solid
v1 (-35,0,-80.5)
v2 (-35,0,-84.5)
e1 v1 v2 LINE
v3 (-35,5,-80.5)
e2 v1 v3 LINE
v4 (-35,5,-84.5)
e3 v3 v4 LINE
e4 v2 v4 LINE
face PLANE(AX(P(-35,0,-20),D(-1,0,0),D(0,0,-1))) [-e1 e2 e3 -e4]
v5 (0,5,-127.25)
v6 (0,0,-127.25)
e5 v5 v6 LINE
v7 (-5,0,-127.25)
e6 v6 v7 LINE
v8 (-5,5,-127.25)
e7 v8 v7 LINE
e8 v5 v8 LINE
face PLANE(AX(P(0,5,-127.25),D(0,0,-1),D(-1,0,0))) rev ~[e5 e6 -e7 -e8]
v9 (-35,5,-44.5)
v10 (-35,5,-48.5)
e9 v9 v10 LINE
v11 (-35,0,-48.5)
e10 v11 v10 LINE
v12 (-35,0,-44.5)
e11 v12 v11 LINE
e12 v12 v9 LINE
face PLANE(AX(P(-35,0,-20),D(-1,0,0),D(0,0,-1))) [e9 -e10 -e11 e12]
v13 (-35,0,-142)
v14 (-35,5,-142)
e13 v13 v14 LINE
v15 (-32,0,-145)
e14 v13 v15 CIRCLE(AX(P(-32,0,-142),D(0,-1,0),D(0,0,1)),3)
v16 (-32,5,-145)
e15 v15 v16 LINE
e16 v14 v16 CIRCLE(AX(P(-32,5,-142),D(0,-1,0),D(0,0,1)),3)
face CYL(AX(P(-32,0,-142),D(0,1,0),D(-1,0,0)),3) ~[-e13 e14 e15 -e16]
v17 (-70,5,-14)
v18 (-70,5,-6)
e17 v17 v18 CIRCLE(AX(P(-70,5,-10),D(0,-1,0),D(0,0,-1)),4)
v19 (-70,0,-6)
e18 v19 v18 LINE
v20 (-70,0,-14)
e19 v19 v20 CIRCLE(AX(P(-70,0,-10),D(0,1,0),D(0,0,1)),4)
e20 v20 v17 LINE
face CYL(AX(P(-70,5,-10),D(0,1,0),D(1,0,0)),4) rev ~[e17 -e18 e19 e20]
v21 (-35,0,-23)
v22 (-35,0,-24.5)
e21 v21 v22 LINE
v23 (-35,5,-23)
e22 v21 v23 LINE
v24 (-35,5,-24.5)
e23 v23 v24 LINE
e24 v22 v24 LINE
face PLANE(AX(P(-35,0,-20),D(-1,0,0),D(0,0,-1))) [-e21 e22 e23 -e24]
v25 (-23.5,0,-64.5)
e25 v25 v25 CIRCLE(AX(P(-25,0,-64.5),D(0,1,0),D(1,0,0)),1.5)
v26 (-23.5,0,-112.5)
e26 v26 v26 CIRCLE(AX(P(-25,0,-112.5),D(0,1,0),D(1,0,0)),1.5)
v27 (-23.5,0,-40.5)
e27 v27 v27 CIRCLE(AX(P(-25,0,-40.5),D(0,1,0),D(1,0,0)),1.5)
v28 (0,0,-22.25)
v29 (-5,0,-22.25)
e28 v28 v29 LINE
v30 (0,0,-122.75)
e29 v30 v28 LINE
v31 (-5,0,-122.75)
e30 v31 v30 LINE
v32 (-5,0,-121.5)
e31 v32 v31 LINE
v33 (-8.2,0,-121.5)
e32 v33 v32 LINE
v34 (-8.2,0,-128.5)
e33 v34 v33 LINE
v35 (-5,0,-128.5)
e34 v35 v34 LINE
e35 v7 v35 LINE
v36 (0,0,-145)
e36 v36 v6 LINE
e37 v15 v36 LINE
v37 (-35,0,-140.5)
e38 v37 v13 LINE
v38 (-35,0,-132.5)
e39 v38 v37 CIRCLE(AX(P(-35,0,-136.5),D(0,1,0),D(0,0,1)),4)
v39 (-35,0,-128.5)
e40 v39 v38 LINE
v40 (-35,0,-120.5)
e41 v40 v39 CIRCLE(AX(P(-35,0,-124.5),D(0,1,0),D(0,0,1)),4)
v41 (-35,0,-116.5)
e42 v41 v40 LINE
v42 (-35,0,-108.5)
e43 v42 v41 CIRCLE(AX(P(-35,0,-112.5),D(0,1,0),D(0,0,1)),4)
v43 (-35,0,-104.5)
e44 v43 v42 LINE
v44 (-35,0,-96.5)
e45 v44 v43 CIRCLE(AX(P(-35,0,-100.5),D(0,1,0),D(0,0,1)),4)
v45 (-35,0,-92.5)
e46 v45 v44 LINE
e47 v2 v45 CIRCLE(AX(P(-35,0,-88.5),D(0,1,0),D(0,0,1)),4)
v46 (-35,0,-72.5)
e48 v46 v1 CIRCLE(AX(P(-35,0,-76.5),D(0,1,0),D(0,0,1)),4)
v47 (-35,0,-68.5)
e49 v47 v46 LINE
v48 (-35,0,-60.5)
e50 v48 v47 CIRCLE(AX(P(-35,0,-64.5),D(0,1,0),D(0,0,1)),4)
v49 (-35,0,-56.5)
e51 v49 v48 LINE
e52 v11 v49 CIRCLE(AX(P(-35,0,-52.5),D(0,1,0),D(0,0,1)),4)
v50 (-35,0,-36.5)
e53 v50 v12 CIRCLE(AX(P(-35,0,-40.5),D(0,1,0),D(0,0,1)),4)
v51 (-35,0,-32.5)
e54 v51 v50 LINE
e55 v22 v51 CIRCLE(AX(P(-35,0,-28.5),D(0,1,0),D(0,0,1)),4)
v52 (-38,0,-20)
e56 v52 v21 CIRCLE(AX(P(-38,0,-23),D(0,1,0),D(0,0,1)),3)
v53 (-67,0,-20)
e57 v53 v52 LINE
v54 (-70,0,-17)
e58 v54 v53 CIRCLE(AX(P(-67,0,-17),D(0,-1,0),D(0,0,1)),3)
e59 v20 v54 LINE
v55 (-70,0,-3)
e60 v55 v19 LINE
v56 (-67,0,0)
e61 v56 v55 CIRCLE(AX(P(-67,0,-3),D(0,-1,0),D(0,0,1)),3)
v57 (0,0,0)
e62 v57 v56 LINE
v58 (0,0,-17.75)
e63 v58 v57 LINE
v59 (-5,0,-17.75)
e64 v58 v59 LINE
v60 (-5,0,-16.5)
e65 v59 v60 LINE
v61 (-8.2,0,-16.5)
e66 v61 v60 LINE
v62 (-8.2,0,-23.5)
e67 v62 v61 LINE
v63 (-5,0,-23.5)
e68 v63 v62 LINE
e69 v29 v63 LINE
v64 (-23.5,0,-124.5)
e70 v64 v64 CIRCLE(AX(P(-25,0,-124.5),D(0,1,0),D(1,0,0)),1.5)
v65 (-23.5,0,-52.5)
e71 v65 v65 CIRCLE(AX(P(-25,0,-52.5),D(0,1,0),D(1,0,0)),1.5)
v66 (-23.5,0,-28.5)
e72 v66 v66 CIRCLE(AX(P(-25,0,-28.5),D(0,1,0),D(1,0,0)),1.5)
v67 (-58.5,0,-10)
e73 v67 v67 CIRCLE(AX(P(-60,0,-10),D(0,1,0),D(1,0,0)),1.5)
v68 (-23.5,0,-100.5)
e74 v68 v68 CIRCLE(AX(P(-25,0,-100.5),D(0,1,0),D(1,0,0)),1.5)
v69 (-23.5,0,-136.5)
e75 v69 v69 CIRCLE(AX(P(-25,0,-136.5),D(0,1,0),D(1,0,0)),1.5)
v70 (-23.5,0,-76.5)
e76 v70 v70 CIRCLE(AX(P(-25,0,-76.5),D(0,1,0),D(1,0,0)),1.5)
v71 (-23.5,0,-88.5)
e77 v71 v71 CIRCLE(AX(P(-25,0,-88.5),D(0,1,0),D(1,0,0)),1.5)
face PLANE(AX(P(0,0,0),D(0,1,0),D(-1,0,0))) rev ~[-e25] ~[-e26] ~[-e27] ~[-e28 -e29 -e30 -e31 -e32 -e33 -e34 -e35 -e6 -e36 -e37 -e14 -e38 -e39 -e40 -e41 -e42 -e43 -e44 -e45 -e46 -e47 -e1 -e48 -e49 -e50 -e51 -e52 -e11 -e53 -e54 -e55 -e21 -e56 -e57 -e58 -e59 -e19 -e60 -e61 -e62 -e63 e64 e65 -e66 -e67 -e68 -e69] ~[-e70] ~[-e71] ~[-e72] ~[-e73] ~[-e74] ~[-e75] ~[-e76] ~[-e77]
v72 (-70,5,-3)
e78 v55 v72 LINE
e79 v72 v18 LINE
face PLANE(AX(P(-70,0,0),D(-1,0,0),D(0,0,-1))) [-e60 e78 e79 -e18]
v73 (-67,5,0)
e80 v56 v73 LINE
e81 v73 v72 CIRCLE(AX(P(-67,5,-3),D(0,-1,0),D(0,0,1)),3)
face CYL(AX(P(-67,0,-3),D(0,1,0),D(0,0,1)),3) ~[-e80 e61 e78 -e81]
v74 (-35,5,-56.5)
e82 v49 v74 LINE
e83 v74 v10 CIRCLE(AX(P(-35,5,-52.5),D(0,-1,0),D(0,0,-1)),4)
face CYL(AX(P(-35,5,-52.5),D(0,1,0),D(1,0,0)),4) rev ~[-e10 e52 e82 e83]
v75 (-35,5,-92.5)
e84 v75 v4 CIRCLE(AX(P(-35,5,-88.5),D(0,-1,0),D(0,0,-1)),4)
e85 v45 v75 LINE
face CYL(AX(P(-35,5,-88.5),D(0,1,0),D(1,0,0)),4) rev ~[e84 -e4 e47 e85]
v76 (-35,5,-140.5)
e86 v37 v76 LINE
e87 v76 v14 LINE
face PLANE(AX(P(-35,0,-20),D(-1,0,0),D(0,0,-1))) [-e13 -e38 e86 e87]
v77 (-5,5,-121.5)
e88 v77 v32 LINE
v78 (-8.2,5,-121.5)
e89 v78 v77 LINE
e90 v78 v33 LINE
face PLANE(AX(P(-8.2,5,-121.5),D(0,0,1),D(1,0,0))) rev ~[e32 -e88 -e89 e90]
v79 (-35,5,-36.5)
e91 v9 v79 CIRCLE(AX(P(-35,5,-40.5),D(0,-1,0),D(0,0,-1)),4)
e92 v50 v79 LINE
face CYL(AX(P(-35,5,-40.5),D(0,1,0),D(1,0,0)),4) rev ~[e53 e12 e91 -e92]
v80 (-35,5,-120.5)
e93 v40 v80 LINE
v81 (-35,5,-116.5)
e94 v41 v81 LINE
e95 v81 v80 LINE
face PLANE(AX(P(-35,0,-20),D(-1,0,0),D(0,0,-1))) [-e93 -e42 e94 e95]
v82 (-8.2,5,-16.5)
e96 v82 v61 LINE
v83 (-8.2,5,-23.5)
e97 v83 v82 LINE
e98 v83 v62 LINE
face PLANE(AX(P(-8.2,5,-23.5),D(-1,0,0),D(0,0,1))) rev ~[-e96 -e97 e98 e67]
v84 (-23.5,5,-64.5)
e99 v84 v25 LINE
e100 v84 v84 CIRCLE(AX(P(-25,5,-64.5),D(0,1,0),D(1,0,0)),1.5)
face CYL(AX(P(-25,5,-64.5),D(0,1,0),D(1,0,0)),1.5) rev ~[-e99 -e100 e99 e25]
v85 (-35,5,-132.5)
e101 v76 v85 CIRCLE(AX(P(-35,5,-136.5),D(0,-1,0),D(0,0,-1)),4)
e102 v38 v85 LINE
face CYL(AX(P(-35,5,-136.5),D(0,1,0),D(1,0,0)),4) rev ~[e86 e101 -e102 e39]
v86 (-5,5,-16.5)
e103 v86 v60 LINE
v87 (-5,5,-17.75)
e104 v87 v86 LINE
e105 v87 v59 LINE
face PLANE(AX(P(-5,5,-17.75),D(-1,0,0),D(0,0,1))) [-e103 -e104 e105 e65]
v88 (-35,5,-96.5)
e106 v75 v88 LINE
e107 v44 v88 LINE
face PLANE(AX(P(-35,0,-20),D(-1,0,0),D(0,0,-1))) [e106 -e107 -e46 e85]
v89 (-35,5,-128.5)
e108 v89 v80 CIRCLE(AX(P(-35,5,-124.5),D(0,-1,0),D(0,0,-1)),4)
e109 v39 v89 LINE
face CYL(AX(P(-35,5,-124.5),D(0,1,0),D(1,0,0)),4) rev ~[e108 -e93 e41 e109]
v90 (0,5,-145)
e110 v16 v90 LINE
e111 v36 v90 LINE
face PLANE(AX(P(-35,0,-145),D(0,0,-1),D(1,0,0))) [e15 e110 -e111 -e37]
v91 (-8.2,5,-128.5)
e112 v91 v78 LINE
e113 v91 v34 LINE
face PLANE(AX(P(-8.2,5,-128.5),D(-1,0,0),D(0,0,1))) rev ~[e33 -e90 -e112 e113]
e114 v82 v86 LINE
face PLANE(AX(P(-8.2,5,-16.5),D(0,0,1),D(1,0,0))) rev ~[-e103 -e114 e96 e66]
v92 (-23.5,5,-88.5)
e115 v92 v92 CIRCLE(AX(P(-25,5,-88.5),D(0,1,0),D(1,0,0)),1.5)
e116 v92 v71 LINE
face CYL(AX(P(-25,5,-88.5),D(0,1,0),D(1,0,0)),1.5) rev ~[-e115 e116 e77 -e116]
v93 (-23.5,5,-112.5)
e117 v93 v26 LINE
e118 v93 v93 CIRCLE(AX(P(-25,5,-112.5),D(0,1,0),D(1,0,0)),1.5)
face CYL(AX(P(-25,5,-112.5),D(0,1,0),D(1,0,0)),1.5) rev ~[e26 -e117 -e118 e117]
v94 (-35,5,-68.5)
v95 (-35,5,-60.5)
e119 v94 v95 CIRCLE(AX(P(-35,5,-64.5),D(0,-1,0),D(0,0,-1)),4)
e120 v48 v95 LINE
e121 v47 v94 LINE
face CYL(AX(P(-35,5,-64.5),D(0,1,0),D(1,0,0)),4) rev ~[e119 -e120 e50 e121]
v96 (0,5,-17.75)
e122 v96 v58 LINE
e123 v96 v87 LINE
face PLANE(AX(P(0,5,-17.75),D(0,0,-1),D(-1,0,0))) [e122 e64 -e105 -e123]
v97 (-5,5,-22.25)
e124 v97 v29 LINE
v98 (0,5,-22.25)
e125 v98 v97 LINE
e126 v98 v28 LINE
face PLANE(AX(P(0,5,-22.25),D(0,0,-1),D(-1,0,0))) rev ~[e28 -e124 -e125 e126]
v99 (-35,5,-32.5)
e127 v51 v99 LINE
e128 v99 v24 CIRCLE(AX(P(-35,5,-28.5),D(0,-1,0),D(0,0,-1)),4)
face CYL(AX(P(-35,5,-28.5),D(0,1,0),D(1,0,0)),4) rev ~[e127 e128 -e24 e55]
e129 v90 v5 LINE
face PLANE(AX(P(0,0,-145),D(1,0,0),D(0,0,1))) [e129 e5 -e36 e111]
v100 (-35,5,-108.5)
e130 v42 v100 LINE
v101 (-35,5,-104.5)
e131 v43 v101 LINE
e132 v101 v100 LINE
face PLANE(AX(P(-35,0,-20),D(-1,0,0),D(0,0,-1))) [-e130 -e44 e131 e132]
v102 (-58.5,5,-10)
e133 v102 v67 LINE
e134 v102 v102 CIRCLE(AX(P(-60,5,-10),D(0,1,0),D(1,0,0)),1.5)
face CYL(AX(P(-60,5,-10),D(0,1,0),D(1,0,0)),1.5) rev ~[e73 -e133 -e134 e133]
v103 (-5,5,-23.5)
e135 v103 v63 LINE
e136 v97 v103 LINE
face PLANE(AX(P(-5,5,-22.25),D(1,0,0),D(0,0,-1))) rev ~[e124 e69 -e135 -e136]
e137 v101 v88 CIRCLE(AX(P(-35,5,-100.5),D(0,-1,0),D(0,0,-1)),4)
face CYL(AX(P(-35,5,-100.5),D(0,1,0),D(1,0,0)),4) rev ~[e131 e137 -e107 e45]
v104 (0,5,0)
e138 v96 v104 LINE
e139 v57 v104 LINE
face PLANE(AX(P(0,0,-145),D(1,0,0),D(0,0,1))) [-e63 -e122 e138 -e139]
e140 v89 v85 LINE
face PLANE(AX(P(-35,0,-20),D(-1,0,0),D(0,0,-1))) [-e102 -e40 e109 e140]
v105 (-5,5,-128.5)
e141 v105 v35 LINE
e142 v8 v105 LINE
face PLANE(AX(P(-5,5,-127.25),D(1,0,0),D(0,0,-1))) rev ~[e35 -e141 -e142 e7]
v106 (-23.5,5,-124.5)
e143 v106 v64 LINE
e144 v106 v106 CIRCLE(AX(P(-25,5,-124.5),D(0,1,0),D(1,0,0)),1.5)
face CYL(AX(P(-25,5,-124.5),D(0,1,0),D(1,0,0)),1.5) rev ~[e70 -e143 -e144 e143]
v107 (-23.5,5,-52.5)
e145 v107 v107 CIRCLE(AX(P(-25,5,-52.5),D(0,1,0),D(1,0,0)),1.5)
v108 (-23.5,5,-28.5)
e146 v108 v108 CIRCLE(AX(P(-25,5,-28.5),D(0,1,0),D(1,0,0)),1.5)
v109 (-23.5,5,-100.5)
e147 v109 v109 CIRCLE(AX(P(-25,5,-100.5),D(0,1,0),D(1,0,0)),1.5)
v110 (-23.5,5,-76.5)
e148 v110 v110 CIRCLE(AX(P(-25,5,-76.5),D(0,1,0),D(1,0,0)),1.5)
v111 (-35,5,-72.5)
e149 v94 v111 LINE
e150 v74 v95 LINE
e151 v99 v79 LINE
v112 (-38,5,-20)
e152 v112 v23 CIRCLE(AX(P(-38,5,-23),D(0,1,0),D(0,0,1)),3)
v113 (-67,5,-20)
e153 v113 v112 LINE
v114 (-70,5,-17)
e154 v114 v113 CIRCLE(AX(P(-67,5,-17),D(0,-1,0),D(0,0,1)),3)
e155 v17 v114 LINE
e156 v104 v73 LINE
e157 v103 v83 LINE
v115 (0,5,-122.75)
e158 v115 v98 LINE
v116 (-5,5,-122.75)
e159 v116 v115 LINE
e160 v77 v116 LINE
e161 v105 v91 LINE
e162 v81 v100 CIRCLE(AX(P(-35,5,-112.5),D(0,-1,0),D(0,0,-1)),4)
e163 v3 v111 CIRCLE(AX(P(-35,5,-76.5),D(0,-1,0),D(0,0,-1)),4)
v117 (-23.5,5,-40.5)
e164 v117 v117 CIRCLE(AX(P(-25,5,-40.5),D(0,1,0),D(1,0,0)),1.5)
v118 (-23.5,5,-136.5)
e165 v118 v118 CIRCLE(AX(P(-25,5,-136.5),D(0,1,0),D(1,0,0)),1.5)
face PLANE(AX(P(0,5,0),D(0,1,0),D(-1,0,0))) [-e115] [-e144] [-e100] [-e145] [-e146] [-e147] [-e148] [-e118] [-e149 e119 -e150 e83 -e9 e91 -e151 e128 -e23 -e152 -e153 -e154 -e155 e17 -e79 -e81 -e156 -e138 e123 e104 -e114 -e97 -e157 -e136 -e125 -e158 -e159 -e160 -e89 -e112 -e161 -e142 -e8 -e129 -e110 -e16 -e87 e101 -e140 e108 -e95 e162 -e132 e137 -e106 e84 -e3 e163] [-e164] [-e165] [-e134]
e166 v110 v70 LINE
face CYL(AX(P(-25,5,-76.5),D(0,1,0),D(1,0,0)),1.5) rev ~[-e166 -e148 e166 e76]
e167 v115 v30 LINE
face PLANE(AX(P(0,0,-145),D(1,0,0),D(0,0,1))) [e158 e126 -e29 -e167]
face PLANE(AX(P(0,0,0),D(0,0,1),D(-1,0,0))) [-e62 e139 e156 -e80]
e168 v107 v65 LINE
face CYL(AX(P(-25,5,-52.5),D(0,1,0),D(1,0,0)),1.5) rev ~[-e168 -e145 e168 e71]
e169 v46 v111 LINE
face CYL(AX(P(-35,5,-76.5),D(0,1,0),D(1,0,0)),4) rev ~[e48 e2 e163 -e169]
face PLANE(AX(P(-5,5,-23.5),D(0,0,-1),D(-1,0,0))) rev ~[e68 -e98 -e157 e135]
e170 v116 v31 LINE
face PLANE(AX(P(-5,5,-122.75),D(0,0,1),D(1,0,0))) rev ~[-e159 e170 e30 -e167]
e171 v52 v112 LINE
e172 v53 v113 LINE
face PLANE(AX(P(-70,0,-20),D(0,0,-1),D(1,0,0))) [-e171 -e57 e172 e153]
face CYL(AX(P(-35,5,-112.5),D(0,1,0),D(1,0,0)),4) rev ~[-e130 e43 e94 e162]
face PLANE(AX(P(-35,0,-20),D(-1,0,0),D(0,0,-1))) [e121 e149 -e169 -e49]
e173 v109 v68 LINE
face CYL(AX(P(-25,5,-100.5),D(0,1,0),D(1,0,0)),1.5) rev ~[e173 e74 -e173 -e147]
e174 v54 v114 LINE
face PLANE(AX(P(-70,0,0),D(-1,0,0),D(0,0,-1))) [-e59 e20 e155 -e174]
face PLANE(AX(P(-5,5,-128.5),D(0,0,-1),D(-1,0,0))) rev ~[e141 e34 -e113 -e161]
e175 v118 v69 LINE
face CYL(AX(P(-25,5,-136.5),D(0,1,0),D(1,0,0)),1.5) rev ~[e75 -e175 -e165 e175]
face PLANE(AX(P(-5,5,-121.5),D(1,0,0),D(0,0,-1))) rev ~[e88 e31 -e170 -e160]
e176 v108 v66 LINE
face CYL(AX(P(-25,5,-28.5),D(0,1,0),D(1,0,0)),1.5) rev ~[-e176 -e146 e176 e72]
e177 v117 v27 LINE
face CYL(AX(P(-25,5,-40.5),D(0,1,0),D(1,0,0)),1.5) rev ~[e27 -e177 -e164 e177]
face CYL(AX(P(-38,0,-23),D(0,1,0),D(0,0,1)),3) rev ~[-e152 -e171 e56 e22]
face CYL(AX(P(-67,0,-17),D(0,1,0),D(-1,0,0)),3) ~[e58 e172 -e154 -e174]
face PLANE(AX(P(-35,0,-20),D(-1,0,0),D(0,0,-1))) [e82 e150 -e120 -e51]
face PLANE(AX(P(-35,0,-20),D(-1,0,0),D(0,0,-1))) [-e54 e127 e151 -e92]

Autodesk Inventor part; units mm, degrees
ref_plane "YZ Plane" through (0, 0, 0) normal (1, 0, 0) x (0, 1, 0)
ref_plane "XZ Plane" through (0, 0, 0) normal (0, 1, 0) x (-1, 0, 0)
ref_plane "XY Plane" through (0, 0, 0) normal (0, 0, 1) x (1, 0, 0)
sketch "Sketch1" plane through (0, 0, 0) normal (0, 1, 0) x (-1, 0, 0)
  line L0 (0, 0) -> (70, 0)
  line L1 (70, 0) -> (70, -20)
  line L2 (70, -20) -> (35, -20)
  line L3 (35, -20) -> (35, -145)
  line L4 (35, -145) -> (0, -145)
  line L5 (0, -145) -> (0, 0)
  dimension "d0" = 35
  dimension "d1" = 145
  dimension "d2" = 70
  dimension "d3" = 20
extrude "Extrusion1" add sketch "Sketch1" along normal blind 5
sketch "Sketch2" plane through (0, 5, 0) normal (0, 1, 0) x (1, 0, 0)
  line L0 (-70, 20) -> (-70, 0) projected
  circle A0 centre (-70, 10) radius 4
  line L1 (-35, 145) -> (-35, 20) projected
  circle A1 centre (-35, 64.5) radius 4
  circle A2 centre (-35, 76.5) radius 4
  circle A3 centre (-35, 88.5) radius 4
  circle A4 centre (-35, 100.5) radius 4
  circle A5 centre (-35, 112.5) radius 4
  circle A6 centre (-35, 124.5) radius 4
  circle A7 centre (-35, 136.5) radius 4
  circle A8 centre (-35, 52.5) radius 4
  circle A9 centre (-35, 40.5) radius 4
  circle A10 centre (-35, 28.5) radius 4
  line L2 (0, 17.75) -> (0, 22.25)
  line L3 (0, 22.25) -> (-5, 22.25)
  line L4 (-5, 22.25) -> (-5, 23.5)
  line L5 (-5, 23.5) -> (-8.2, 23.5)
  line L6 (-8.2, 23.5) -> (-8.2, 16.5)
  line L7 (-8.2, 16.5) -> (-5, 16.5)
  line L8 (0, 17.75) -> (-5, 17.75)
  line L9 (-5, 17.75) -> (-5, 16.5)
  line L10 (0, 0) -> (0, 145) projected
  line L11 (0, 127.25) -> (-5, 127.25)
  line L12 (-5, 127.25) -> (-5, 128.5)
  line L13 (-5, 128.5) -> (-8.2, 128.5)
  line L14 (-8.2, 128.5) -> (-8.2, 121.5)
  line L15 (-8.2, 121.5) -> (-5, 121.5)
  line L16 (-5, 121.5) -> (-5, 122.75)
  line L17 (-5, 122.75) -> (0, 122.75)
  line L18 (0, 122.75) -> (0, 127.25)
  line L19 (-25, 28.5) -> (-25, 136.5) construction
  circle A11 centre (-25, 28.5) radius 1.5
  circle A12 centre (-25, 40.5) radius 1.5
  circle A13 centre (-25, 52.5) radius 1.5
  circle A14 centre (-25, 64.5) radius 1.5
  circle A15 centre (-25, 76.5) radius 1.5
  circle A16 centre (-25, 88.5) radius 1.5
  circle A17 centre (-25, 100.5) radius 1.5
  circle A18 centre (-25, 112.5) radius 1.5
  circle A19 centre (-25, 124.5) radius 1.5
  circle A20 centre (-25, 136.5) radius 1.5
  circle A21 centre (-60, 10) radius 1.5
  point P0 (-8.2, 125)
  point P1 (0, 125)
  point P2 (-8.2, 20)
  point P3 (0, 20)
  dimension "d6" = 8
  dimension "d7" = 8
  dimension "d8" = 8
  dimension "d9" = 8
  dimension "d11" = 8
  dimension "d12" = 8
  dimension "d13" = 8
  dimension "d14" = 8
  dimension "d15" = 8.5
  dimension "d16" = 12
  dimension "d17" = 12
  dimension "d18" = 12
  dimension "d19" = 12
  dimension "d20" = 12
  dimension "d21" = 12
  dimension "d22" = 8
  dimension "d23" = 8
  dimension "d24" = 12
  dimension "d25" = 12
  dimension "d26" = 12
  dimension "d27" = 8
  dimension "d28" = 7
  dimension "d29" = 3.2
  dimension "d30" = 4.5
  dimension "d31" = 5
  dimension "d32" = 3.2
  dimension "d33" = 5
  dimension "d34" = 7
  dimension "d35" = 4.5
  dimension "d36" = 20
  dimension "d37" = 20
  dimension "d38" = 3
  dimension "d39" = 3
  dimension "d40" = 3
  dimension "d41" = 3
  dimension "d42" = 3
  dimension "d43" = 3
  dimension "d44" = 3
  dimension "d45" = 3
  dimension "d46" = 3
  dimension "d47" = 3
  dimension "d48" = 10
  dimension "d52" = 3
  dimension "d53" = 10
extrude "Extrusion2" cut sketch "Sketch2" against normal blind 5
fillet "Fillet1" radius 3 4 edges at (-35, 2.5, -145) (-35, 2.5, -20) (-70, 2.5, -20) (-70, 2.5, 0)
properties part number "primary_holder" material "Polycarbonate, Clear"
